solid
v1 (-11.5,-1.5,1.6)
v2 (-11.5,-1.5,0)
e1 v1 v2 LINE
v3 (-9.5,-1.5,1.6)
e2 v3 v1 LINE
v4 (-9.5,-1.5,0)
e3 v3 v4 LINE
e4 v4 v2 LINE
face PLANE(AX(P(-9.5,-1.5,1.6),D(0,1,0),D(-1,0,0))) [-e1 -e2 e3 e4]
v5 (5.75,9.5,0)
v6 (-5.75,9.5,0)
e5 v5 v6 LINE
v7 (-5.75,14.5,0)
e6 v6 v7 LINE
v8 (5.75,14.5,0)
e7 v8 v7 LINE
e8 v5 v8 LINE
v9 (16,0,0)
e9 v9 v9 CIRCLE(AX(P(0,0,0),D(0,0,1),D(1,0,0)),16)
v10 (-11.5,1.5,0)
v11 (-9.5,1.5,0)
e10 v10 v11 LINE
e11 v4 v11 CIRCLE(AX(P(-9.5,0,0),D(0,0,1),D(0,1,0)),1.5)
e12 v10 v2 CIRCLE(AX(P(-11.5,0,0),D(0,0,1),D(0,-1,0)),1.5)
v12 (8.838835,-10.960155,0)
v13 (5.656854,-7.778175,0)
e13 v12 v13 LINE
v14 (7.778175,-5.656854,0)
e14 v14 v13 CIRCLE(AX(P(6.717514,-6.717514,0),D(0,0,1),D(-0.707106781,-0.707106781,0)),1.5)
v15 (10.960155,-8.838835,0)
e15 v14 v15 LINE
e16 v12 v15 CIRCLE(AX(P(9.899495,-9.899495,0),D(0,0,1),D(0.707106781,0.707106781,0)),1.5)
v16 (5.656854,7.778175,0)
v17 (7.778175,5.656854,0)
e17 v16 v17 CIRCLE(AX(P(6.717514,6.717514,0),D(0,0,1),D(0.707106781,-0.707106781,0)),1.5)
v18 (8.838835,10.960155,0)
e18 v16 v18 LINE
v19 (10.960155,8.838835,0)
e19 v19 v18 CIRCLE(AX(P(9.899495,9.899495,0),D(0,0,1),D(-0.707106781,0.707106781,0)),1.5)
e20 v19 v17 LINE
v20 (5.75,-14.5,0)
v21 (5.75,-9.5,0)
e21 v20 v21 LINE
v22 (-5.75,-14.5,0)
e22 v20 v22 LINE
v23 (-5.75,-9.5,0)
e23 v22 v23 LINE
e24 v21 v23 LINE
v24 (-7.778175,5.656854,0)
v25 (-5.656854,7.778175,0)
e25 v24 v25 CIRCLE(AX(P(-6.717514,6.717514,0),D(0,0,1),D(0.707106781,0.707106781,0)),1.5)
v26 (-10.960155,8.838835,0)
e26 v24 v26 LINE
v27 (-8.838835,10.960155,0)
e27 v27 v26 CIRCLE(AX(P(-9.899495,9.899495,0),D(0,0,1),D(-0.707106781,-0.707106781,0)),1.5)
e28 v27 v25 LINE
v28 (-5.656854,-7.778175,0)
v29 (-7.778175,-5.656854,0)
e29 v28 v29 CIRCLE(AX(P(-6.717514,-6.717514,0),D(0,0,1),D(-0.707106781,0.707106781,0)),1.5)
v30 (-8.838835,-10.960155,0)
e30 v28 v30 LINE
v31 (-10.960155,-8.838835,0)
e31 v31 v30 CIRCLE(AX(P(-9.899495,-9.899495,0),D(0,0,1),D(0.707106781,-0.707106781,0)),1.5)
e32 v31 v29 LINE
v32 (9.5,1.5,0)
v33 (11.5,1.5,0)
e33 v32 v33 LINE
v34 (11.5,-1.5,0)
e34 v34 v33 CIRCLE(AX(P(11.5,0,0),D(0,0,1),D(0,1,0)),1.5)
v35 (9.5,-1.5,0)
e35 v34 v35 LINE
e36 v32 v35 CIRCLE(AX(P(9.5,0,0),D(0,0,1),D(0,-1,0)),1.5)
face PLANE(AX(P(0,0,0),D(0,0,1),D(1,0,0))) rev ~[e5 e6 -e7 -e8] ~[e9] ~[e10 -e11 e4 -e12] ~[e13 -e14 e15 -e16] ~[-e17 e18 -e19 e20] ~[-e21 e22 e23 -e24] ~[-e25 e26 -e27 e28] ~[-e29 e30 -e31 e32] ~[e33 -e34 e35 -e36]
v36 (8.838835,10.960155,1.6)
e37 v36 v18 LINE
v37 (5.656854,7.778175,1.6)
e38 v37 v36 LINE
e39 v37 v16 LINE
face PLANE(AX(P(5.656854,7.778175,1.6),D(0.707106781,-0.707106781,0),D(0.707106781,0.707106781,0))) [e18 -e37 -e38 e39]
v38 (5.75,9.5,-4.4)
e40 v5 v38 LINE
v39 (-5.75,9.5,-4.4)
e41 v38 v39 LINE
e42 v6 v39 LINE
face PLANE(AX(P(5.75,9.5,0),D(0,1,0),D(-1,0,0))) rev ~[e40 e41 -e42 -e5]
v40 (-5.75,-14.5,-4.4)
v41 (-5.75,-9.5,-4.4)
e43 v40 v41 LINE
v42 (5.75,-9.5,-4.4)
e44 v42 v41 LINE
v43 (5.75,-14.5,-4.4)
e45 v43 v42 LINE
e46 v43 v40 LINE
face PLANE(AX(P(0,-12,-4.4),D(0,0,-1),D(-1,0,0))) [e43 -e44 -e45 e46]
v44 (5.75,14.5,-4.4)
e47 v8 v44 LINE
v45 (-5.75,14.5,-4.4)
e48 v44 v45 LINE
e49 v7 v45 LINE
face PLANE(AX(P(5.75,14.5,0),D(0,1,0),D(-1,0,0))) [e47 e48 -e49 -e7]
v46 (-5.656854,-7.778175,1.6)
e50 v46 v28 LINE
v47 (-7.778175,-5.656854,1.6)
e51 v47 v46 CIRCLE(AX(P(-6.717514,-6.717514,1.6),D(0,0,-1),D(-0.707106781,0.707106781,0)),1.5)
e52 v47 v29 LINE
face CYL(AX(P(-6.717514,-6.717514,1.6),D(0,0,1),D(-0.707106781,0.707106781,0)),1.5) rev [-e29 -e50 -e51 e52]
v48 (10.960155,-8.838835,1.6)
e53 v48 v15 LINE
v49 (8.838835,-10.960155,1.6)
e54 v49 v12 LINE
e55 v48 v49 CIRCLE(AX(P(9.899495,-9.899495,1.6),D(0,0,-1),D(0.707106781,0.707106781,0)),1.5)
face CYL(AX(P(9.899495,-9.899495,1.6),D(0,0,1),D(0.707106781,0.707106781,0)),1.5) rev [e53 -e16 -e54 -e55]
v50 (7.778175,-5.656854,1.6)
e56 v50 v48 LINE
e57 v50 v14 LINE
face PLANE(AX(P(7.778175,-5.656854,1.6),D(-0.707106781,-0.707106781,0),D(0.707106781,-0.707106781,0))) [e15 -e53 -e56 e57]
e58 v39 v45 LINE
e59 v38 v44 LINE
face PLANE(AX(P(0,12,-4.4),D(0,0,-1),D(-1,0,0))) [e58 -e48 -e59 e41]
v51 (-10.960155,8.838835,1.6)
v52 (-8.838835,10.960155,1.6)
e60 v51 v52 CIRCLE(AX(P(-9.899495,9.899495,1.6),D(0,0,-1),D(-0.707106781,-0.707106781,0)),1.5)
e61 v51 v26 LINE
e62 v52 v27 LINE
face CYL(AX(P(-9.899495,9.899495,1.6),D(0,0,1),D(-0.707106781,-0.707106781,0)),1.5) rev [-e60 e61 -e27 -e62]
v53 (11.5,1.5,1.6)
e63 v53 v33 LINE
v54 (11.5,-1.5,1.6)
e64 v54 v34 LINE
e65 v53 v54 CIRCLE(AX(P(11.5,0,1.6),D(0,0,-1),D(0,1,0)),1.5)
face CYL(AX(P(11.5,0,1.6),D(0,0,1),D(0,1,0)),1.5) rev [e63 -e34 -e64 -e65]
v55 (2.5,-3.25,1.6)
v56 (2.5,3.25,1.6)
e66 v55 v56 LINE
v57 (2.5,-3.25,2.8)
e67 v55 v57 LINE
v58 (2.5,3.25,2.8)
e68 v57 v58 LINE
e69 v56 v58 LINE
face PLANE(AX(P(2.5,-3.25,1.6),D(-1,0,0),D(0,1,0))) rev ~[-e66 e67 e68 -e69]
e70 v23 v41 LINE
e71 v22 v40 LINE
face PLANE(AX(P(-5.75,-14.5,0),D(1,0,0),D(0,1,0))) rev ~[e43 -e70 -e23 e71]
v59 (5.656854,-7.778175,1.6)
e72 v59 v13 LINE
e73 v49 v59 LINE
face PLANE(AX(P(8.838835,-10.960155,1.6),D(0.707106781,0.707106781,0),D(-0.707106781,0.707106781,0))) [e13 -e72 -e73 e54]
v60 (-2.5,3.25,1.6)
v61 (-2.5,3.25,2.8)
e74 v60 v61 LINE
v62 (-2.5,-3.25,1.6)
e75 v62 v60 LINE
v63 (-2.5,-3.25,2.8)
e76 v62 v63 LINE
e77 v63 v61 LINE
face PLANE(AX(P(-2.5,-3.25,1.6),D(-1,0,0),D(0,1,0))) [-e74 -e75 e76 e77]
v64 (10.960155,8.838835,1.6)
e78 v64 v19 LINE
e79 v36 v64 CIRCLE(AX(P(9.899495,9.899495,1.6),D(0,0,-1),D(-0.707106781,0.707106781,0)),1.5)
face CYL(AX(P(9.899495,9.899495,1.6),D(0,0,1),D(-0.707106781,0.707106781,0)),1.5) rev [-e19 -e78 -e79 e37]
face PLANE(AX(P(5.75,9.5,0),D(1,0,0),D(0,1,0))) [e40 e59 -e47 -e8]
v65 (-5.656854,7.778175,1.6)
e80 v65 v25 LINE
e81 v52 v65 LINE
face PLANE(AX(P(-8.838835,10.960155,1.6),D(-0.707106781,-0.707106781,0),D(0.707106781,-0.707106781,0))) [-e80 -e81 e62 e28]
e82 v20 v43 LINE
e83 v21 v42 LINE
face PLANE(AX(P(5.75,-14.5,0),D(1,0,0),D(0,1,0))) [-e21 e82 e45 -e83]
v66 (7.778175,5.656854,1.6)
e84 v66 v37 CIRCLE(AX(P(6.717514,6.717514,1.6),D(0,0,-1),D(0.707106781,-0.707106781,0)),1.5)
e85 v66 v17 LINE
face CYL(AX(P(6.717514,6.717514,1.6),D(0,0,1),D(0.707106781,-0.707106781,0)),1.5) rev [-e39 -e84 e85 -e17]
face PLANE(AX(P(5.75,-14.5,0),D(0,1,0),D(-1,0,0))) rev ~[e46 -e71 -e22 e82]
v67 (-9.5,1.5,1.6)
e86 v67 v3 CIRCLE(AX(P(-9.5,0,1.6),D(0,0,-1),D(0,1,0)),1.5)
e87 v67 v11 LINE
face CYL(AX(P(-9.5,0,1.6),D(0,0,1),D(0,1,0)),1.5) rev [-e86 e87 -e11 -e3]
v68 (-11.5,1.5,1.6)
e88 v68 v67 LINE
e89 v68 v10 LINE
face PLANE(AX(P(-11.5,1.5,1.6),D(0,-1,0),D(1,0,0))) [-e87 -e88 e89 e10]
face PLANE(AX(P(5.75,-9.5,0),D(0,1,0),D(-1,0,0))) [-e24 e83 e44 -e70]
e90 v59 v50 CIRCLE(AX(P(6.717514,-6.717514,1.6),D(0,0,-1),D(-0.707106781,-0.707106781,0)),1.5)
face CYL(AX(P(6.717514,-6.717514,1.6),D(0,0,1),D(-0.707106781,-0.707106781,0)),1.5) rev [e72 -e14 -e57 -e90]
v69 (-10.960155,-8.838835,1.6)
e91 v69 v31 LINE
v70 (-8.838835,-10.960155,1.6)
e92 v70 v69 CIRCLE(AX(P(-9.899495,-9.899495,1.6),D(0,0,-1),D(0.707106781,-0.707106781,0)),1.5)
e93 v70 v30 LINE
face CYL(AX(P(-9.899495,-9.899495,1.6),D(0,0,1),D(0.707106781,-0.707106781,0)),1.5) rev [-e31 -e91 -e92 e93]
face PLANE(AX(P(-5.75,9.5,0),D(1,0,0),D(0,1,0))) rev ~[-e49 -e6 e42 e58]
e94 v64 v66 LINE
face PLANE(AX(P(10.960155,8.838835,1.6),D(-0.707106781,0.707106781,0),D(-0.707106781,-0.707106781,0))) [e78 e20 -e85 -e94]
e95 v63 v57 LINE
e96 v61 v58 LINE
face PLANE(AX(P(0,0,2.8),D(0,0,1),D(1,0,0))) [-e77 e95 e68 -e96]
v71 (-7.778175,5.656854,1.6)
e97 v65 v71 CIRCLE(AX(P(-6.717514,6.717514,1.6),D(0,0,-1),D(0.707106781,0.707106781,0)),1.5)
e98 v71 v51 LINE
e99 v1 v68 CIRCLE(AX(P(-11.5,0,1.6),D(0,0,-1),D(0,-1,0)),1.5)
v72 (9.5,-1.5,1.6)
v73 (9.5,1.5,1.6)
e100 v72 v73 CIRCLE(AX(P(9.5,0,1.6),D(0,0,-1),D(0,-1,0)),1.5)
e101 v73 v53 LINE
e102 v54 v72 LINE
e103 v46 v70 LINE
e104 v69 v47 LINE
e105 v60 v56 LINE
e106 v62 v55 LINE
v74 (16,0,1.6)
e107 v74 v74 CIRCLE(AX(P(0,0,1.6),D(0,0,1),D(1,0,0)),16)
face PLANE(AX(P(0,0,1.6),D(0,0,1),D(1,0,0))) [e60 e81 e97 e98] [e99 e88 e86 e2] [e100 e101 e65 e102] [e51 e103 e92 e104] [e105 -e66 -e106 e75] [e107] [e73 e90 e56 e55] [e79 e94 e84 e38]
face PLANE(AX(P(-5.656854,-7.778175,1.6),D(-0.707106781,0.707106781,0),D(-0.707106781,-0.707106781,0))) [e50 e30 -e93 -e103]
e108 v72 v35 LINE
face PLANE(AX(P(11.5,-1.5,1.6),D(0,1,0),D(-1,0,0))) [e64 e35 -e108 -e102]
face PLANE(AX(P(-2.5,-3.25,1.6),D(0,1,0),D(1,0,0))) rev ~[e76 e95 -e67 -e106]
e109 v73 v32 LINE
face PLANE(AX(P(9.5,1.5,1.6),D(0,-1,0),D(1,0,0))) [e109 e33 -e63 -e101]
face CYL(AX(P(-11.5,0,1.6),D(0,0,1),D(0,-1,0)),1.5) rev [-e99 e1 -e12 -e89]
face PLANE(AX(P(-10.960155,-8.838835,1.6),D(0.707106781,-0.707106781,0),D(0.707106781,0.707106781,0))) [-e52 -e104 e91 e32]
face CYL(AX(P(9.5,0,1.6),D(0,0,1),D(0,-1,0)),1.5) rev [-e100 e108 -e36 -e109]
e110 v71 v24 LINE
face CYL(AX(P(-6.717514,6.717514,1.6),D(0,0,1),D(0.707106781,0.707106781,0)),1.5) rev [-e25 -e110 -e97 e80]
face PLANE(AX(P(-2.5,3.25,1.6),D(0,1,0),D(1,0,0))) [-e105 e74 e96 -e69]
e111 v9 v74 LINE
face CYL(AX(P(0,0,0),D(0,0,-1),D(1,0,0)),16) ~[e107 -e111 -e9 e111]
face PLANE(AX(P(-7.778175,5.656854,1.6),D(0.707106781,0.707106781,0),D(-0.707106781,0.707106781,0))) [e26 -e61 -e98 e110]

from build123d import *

# Parameters (mm, degrees)
SKETCH1_R           = 16
BOSS_EXTRUDE1_DEPTH = 1.6
SKETCH2_W           = 5
SKETCH2_H           = 6.5
BOSS_EXTRUDE2_DEPTH = 1.2
CUT_EXTRUDE1_DEPTH  = 23.683915006
SKETCH4_W           = 11.5
SKETCH4_H           = 5
BOSS_EXTRUDE3_DEPTH = 4.4


with BuildPart() as part:
    # Sketch1 → Boss-Extrude1 (new body)
    with BuildSketch(Plane.XY):
        Circle(SKETCH1_R)
    extrude(amount=BOSS_EXTRUDE1_DEPTH)

    # Sketch2 → Boss-Extrude2 (add)
    with BuildSketch(Plane.XY.offset(1.6)):
        Rectangle(SKETCH2_W, SKETCH2_H)
    extrude(amount=BOSS_EXTRUDE2_DEPTH)

    # Sketch3 → Cut-Extrude1 (cut, through all)
    with BuildSketch(Plane.XY.offset(1.6)):
        with BuildLine():
            Line((-5.656854249, -7.778174593), (-8.838834765, -10.960155108))
            ThreePointArc((-8.838834765, -10.960155108), (-10.960155108, -10.960155108), (-10.960155108, -8.838834765))
            Line((-10.960155108, -8.838834765), (-7.778174593, -5.656854249))
            ThreePointArc((-7.778174593, -5.656854249), (-5.656854249, -5.656854249), (-5.656854249, -7.778174593))
        make_face()
        with BuildLine():
            Line((-9.5, -1.5), (-11.5, -1.5))
            ThreePointArc((-11.5, -1.5), (-13, 0), (-11.5, 1.5))
            Line((-11.5, 1.5), (-9.5, 1.5))
            ThreePointArc((-9.5, 1.5), (-8, 0), (-9.5, -1.5))
        make_face()
        with BuildLine():
            Line((-7.778174593, 5.656854249), (-10.960155108, 8.838834765))
            ThreePointArc((-10.960155108, 8.838834765), (-10.960155108, 10.960155108), (-8.838834765, 10.960155108))
            Line((-8.838834765, 10.960155108), (-5.656854249, 7.778174593))
            ThreePointArc((-5.656854249, 7.778174593), (-5.656854249, 5.656854249), (-7.778174593, 5.656854249))
        make_face()
        with BuildLine():
            Line((5.656854249, 7.778174593), (8.838834765, 10.960155108))
            ThreePointArc((8.838834765, 10.960155108), (10.960155108, 10.960155108), (10.960155108, 8.838834765))
            Line((10.960155108, 8.838834765), (7.778174593, 5.656854249))
            ThreePointArc((7.778174593, 5.656854249), (5.656854249, 5.656854249), (5.656854249, 7.778174593))
        make_face()
        with BuildLine():
            Line((7.778174593, -5.656854249), (10.960155108, -8.838834765))
            ThreePointArc((10.960155108, -8.838834765), (10.960155108, -10.960155108), (8.838834765, -10.960155108))
            Line((8.838834765, -10.960155108), (5.656854249, -7.778174593))
            ThreePointArc((5.656854249, -7.778174593), (5.656854249, -5.656854249), (7.778174593, -5.656854249))
        make_face()
        with BuildLine():
            Line((9.5, 1.5), (11.5, 1.5))
            ThreePointArc((11.5, 1.5), (13, 0), (11.5, -1.5))
            Line((11.5, -1.5), (9.5, -1.5))
            ThreePointArc((9.5, -1.5), (8, 0), (9.5, 1.5))
        make_face()
    extrude(amount=-CUT_EXTRUDE1_DEPTH, mode=Mode.SUBTRACT)

    # Sketch4 → Boss-Extrude3 (add)
    with BuildSketch(Plane(origin=(0, 0, 0), x_dir=(-1, 0, 0), z_dir=(0, 0, -1))):
        with Locations((0, 12)):
            Rectangle(SKETCH4_W, SKETCH4_H)
        with Locations((0, -12)):
            Rectangle(SKETCH4_W, SKETCH4_H)
    extrude(amount=BOSS_EXTRUDE3_DEPTH)


solid = part.part
